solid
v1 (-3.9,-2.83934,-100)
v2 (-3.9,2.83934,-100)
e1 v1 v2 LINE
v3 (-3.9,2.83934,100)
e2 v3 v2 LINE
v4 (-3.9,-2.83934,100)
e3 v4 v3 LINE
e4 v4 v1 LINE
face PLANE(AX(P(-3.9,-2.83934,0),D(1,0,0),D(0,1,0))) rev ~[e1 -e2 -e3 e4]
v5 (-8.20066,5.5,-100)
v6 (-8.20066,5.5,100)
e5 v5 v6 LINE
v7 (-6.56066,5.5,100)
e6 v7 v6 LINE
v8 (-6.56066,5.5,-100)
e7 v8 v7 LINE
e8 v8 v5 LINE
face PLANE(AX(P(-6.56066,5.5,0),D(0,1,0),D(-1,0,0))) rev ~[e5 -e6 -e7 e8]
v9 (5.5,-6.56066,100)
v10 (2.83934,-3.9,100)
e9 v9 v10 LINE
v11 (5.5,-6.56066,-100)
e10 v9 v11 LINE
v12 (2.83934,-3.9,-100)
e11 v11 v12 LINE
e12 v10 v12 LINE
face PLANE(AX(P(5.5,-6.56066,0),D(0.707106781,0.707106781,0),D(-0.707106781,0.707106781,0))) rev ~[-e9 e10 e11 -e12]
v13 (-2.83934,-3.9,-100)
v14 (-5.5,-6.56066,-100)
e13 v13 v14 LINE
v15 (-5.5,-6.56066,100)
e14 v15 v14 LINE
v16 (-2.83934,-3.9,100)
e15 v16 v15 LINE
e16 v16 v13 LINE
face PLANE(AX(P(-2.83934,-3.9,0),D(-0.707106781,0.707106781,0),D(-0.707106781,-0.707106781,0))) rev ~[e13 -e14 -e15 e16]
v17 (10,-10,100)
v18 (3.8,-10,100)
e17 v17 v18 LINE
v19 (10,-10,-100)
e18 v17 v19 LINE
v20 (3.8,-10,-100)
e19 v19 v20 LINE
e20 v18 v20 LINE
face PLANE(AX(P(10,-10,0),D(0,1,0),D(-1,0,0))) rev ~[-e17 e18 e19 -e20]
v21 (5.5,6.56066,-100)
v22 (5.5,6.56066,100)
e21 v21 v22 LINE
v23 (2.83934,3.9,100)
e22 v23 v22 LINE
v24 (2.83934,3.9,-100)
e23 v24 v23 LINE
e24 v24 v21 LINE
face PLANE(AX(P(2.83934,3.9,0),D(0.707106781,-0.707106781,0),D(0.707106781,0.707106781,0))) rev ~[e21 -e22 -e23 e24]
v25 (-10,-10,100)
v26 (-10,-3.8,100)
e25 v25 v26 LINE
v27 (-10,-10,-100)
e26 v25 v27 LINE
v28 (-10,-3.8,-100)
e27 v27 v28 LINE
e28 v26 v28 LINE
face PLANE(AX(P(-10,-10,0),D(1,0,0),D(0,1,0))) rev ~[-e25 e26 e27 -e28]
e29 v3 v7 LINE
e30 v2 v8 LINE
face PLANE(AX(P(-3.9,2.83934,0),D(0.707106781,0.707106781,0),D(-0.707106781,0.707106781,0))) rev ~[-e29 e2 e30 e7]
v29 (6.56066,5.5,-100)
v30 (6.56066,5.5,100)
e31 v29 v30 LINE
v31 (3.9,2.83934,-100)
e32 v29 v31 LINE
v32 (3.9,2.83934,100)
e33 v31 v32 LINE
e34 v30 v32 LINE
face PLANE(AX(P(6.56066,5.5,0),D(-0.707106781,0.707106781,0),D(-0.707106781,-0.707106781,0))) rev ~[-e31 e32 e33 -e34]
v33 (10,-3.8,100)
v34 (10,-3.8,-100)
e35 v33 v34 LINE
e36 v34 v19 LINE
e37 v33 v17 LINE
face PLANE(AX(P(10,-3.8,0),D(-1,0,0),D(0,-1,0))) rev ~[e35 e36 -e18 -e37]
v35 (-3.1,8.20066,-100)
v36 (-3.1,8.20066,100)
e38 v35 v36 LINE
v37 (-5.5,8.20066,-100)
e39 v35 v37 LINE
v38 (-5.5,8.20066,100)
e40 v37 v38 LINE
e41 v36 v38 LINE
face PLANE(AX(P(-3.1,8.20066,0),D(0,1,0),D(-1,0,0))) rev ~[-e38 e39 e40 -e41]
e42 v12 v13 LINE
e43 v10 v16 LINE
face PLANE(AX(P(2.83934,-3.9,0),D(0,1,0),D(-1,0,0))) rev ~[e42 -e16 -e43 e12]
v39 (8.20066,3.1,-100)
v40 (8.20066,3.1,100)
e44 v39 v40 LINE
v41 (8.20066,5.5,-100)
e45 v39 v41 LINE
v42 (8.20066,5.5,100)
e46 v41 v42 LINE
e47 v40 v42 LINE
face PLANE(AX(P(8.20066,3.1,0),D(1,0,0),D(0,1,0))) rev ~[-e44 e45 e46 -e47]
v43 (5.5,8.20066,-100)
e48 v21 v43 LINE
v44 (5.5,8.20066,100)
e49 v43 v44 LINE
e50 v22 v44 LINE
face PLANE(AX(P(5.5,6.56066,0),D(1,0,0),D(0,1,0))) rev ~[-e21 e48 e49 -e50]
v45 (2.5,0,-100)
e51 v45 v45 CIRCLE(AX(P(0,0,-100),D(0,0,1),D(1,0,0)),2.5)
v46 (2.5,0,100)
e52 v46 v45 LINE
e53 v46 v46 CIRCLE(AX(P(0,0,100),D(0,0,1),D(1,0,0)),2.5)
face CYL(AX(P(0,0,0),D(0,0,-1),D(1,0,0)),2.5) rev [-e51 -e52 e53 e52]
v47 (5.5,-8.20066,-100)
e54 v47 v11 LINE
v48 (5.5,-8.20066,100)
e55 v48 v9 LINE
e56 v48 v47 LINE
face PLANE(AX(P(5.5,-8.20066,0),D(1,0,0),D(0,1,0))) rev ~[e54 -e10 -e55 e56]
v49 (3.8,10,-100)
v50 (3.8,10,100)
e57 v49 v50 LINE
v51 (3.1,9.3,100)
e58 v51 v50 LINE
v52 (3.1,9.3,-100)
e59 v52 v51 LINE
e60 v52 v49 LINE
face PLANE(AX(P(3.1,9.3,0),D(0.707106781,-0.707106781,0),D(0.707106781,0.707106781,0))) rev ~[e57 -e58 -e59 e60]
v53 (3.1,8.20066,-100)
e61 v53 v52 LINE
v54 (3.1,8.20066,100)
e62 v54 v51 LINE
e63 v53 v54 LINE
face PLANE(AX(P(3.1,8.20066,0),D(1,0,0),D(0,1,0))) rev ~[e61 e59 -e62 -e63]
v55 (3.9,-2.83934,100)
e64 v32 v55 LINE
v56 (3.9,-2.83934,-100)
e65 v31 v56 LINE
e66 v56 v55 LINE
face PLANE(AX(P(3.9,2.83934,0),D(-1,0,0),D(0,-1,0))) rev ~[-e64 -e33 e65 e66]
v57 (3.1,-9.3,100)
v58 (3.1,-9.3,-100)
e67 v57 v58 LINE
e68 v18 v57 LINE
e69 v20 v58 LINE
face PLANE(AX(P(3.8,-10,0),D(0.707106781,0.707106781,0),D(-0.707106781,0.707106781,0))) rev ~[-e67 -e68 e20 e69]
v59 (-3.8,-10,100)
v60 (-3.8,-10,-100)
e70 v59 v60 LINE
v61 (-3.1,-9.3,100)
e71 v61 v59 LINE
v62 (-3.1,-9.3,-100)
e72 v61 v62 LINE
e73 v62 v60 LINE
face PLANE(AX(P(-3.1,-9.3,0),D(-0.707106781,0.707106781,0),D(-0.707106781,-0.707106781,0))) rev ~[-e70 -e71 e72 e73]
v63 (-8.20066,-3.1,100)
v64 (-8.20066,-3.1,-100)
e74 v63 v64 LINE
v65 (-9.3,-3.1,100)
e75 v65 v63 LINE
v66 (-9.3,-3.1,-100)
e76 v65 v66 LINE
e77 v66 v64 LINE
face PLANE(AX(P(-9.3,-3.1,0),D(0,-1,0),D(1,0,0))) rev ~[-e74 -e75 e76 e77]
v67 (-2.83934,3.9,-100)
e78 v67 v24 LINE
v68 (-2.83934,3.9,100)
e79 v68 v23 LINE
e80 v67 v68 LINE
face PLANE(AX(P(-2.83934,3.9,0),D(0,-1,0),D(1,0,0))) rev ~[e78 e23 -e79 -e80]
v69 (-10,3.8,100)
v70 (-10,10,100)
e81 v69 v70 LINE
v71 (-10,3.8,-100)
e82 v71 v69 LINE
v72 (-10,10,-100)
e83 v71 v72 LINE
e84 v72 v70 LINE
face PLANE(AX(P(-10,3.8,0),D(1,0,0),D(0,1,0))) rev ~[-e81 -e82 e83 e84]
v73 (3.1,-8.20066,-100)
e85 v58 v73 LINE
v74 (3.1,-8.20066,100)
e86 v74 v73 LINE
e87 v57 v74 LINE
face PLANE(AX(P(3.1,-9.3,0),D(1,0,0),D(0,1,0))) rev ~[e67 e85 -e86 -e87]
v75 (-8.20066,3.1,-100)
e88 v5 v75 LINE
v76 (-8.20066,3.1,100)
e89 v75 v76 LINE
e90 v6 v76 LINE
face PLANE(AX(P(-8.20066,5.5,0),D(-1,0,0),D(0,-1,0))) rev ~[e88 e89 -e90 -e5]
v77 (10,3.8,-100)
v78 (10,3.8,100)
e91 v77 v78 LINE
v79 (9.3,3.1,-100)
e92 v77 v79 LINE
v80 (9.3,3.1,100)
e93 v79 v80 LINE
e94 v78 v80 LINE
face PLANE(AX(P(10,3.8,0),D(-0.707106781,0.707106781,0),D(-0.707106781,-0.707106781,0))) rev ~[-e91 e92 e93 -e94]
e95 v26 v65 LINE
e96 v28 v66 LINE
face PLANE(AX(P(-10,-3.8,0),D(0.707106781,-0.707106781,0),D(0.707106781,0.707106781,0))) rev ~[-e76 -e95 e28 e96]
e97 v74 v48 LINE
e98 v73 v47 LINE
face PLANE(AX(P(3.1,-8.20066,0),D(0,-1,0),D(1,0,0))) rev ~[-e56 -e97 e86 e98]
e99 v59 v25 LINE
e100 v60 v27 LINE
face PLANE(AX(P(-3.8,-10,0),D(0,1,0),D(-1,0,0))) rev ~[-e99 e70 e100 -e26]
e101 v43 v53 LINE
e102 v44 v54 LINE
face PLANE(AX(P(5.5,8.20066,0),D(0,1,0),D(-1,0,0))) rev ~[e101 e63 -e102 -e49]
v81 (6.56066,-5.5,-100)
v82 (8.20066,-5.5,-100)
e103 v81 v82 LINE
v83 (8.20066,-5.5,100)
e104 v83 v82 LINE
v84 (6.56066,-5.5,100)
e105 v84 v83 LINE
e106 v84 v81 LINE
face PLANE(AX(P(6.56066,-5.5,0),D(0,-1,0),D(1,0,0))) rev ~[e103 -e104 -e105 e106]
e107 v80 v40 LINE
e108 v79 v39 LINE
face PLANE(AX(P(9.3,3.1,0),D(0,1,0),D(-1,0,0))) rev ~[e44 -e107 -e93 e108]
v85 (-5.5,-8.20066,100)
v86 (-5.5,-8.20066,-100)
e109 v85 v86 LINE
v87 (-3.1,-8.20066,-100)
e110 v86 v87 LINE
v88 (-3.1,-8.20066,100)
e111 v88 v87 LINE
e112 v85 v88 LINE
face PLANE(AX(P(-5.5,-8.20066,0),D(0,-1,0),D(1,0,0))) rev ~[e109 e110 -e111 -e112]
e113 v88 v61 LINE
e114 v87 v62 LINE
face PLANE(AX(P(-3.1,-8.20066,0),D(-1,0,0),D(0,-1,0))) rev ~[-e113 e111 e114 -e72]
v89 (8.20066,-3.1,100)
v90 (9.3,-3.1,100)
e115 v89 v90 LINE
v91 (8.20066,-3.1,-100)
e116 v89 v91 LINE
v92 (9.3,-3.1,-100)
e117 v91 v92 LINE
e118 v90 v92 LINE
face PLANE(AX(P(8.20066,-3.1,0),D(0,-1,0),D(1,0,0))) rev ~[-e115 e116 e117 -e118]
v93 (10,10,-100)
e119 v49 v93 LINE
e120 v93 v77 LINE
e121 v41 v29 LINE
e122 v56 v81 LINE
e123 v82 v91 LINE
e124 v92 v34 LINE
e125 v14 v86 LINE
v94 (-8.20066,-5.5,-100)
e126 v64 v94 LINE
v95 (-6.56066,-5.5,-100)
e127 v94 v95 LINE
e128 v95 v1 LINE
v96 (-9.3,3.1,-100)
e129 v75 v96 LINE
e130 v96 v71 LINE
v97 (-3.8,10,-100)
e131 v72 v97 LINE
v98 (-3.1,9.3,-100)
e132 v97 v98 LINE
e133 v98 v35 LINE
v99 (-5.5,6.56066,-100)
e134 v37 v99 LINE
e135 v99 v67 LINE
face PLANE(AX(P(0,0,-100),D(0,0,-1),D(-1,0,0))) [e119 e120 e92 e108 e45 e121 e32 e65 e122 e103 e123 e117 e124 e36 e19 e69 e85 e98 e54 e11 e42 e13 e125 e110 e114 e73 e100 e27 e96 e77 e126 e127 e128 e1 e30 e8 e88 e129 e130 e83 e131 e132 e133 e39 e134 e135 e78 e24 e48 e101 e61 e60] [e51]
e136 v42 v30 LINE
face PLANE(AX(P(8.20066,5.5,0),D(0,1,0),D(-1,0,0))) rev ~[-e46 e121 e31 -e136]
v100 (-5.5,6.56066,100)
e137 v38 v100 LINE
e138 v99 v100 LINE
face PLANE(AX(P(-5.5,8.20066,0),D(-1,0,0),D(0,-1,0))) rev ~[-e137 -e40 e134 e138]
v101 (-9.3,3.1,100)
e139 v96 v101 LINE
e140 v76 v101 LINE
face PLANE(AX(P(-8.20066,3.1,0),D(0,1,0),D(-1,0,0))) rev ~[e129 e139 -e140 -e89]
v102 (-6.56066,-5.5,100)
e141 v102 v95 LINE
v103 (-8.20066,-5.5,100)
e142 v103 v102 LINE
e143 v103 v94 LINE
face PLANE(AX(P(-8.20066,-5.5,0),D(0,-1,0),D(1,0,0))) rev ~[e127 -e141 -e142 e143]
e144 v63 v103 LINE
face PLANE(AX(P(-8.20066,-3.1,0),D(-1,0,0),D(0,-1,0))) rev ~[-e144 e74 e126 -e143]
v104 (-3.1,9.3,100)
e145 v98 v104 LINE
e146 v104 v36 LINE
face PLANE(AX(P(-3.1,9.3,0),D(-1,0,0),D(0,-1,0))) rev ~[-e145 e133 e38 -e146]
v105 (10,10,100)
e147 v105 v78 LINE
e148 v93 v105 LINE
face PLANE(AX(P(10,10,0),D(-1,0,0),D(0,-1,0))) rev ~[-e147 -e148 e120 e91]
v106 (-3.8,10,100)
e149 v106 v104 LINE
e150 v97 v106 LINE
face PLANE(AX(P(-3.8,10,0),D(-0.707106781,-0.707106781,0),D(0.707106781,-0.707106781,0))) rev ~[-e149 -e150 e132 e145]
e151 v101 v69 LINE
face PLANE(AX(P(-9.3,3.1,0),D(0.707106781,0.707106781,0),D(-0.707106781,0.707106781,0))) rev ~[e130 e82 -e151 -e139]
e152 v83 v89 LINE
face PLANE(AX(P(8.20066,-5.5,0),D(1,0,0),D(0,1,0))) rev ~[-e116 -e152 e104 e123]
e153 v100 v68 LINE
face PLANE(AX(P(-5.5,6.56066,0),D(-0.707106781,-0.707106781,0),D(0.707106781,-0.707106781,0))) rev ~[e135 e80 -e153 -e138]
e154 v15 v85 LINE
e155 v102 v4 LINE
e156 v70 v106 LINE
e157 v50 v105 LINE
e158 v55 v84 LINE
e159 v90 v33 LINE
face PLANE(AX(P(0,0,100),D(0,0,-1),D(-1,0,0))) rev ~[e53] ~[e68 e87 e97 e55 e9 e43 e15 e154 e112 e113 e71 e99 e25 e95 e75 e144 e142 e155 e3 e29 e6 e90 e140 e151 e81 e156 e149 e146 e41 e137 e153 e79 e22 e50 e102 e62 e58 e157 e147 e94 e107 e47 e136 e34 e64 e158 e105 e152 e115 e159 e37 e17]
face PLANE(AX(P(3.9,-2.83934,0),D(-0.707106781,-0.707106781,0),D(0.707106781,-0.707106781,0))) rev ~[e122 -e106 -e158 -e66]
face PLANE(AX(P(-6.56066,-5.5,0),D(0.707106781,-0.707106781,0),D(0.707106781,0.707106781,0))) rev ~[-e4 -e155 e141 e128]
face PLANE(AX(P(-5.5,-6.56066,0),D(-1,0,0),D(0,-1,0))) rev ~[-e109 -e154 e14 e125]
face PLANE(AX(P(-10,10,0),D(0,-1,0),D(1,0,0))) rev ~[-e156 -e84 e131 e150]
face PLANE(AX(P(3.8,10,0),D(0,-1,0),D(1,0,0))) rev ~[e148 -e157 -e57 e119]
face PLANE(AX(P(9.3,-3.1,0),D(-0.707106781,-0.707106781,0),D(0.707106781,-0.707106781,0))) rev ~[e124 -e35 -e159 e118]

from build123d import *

# Parameters (mm, degrees)
SKETCH1_R           = 2.5
BOSS_EXTRUDE1_DEPTH = 100


with BuildPart() as part:
    # Sketch1 → Boss-Extrude1 (new, symmetric)
    with BuildSketch(Plane.XY):
        Polygon((3.9, -2.839339828), (6.560660172, -5.5), (8.200660172, -5.5), (8.200660172, -3.1), (9.3, -3.1), (10, -3.8), (10, -10), (3.8, -10), (3.1, -9.3), (3.1, -8.200660172), (5.5, -8.200660172), (5.5, -6.560660172), (2.839339828, -3.9), (-2.839339828, -3.9), (-5.5, -6.560660172), (-5.5, -8.200660172), (-3.1, -8.200660172), (-3.1, -9.3), (-3.8, -10), (-10, -10), (-10, -3.8), (-9.3, -3.1), (-8.200660172, -3.1), (-8.200660172, -5.5), (-6.560660172, -5.5), (-3.9, -2.839339828), (-3.9, 2.839339828), (-6.560660172, 5.5), (-8.200660172, 5.5), (-8.200660172, 3.1), (-9.3, 3.1), (-10, 3.8), (-10, 10), (-3.8, 10), (-3.1, 9.3), (-3.1, 8.200660172), (-5.5, 8.200660172), (-5.5, 6.560660172), (-2.839339828, 3.9), (2.839339828, 3.9), (5.5, 6.560660172), (5.5, 8.200660172), (3.1, 8.200660172), (3.1, 9.3), (3.8, 10), (10, 10), (10, 3.8), (9.3, 3.1), (8.200660172, 3.1), (8.200660172, 5.5), (6.560660172, 5.5), (3.9, 2.839339828), align=None)
        Circle(SKETCH1_R, mode=Mode.SUBTRACT)
    extrude(amount=BOSS_EXTRUDE1_DEPTH, both=True)


solid = part.part
